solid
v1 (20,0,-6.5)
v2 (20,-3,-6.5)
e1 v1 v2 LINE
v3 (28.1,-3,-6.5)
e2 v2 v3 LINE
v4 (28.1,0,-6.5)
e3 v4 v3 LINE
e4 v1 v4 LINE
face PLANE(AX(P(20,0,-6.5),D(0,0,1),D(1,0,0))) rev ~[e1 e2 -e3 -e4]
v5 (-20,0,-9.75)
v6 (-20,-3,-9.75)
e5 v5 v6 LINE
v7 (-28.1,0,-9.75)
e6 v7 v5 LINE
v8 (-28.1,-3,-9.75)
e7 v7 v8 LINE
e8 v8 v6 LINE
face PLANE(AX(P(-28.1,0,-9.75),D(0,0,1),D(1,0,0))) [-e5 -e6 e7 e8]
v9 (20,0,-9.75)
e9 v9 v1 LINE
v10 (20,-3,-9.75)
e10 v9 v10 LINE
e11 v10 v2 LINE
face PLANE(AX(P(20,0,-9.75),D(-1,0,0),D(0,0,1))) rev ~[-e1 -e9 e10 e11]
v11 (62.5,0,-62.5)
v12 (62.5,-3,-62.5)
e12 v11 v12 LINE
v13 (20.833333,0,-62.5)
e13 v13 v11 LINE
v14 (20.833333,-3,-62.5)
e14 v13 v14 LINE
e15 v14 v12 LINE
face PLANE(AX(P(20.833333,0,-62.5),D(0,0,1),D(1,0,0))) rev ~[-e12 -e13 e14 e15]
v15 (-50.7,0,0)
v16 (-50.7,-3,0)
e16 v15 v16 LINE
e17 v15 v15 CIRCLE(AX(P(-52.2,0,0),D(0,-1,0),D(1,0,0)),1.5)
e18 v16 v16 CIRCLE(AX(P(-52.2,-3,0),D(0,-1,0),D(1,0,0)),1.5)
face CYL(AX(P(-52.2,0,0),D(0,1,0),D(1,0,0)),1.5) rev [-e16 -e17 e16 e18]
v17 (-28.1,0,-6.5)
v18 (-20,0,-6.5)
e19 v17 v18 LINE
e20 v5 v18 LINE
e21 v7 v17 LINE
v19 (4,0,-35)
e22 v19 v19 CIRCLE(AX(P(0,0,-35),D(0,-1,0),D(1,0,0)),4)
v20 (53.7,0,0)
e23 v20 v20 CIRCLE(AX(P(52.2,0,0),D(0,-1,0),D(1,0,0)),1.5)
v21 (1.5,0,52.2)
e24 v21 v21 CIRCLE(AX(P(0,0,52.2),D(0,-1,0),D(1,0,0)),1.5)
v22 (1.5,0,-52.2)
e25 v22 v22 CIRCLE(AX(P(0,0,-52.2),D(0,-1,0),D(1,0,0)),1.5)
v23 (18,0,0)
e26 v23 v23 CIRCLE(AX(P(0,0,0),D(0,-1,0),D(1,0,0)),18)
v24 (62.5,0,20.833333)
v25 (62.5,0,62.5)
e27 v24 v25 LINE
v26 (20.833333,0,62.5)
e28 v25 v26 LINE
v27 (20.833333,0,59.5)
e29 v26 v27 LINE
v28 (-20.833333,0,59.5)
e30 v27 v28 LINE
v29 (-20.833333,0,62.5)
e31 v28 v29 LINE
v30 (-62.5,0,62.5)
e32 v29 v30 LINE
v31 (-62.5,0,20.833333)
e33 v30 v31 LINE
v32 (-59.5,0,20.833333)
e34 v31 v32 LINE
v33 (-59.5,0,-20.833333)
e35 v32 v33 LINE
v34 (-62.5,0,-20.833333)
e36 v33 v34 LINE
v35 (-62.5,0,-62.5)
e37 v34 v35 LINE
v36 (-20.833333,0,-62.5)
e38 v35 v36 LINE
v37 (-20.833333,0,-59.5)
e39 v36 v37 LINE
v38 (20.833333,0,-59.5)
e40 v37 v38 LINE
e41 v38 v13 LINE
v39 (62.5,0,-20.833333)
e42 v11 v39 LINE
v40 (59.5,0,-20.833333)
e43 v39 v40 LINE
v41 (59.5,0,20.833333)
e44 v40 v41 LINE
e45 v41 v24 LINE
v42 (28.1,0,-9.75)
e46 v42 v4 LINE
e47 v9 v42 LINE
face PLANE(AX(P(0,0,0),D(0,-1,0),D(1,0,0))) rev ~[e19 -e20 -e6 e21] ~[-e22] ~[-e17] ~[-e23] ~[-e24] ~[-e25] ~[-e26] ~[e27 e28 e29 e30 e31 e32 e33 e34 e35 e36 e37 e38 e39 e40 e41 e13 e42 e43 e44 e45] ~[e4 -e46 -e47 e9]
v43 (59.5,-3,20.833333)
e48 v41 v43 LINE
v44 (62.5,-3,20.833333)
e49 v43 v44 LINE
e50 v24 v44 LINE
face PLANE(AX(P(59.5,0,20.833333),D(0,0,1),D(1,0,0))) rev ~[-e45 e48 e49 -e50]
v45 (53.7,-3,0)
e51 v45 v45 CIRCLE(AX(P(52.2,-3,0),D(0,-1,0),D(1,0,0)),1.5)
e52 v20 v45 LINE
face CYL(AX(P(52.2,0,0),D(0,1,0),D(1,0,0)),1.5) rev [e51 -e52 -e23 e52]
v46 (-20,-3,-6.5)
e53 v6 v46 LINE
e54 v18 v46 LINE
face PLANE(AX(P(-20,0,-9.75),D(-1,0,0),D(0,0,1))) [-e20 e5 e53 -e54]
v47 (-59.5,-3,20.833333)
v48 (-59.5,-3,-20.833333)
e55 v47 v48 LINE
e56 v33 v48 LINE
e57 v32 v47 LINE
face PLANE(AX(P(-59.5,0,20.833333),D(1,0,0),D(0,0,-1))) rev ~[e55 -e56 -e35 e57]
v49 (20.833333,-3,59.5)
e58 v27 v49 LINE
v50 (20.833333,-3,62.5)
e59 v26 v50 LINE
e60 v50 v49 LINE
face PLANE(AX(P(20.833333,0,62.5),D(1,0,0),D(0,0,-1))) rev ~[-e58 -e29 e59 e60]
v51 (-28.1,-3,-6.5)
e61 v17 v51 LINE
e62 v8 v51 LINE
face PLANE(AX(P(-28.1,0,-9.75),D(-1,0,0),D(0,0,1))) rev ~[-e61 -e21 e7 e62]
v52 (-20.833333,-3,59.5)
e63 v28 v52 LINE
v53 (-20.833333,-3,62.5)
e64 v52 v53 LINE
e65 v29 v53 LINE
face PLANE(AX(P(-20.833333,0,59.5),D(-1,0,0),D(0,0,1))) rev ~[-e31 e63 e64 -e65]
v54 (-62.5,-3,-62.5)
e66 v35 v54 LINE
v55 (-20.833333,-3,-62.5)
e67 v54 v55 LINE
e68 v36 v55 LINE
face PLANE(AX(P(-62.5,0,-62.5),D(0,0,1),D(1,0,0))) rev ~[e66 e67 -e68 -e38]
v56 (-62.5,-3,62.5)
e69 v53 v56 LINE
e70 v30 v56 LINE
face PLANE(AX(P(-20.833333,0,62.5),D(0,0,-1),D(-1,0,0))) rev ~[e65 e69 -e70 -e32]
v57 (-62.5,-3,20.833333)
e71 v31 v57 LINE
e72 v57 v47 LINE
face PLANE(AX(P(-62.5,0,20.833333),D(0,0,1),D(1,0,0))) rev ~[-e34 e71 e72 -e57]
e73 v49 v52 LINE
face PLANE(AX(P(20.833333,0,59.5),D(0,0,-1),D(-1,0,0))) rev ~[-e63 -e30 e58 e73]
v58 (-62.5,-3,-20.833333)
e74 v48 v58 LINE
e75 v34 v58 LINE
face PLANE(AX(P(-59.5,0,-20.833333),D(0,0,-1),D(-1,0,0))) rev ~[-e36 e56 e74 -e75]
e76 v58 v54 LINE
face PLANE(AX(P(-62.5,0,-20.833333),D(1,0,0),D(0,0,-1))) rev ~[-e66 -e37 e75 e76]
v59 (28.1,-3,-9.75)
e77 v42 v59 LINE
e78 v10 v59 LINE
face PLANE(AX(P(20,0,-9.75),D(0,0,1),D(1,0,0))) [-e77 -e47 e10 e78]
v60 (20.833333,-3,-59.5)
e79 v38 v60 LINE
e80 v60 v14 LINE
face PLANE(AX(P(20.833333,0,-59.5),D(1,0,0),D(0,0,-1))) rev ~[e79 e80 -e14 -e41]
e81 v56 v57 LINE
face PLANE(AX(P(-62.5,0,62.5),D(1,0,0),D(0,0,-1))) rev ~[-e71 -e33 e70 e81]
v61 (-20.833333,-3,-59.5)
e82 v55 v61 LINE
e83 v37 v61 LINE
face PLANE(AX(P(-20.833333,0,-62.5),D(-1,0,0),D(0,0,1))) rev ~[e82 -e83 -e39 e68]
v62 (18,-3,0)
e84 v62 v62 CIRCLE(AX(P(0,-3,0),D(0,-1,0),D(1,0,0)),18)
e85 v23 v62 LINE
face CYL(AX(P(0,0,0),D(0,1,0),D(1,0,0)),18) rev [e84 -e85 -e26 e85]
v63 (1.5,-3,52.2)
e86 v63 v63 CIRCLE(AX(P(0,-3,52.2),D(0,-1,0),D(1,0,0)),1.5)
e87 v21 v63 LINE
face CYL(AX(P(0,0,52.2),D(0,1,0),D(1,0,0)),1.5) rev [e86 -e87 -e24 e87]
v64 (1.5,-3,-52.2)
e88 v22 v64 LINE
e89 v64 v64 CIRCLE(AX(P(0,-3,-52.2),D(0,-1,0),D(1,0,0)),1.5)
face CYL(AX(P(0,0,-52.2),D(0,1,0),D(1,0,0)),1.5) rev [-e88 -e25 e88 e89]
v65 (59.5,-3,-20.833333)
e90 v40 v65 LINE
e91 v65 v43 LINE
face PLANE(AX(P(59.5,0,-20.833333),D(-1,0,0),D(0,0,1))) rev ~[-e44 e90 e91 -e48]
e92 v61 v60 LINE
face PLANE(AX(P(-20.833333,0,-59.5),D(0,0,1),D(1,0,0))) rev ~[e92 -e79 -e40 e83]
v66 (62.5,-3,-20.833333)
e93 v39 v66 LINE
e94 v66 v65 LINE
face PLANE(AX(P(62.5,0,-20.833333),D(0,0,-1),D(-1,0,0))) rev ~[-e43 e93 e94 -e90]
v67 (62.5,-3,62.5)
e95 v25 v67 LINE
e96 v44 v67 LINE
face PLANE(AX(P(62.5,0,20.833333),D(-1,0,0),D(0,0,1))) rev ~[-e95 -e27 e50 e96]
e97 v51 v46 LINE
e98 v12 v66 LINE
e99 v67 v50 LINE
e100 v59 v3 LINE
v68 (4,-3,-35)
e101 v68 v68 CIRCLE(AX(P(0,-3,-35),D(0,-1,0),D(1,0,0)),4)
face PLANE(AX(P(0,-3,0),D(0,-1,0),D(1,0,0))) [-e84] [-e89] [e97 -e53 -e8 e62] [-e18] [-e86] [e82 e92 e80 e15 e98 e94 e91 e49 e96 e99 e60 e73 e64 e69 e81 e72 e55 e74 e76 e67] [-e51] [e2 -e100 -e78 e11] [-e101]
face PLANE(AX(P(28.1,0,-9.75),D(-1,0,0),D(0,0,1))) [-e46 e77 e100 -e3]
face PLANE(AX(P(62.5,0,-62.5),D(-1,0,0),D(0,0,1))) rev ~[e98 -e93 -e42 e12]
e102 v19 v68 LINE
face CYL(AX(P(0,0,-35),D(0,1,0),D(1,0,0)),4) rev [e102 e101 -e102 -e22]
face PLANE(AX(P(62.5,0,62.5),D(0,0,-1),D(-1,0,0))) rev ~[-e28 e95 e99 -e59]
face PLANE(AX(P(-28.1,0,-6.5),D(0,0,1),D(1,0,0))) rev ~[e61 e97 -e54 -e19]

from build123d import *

# Parameters (mm, degrees)
F0_W     = 8.1
F0_H     = 3.25
F0_R     = 1.5
F0_R_2   = 4
F0_R_3   = 18
F1_DEPTH = 3


with BuildPart() as f1:
    # F0 (on Front) → F1 (new body)
    with BuildSketch(Plane.XZ):
        Polygon((-62.5, -20.833333), (-62.5, -62.5), (-20.833333, -62.5), (-20.833333, -59.5), (20.833333, -59.5), (20.833333, -62.5), (62.5, -62.5), (62.5, -20.833333), (59.5, -20.833333), (59.5, 20.833333), (62.5, 20.833333), (62.5, 62.5), (20.833333, 62.5), (20.833333, 59.5), (-20.833333, 59.5), (-20.833333, 62.5), (-62.5, 62.5), (-62.5, 20.833333), (-59.5, 20.833333), (-59.5, -20.833333), align=None)
        with Locations((-24.05, -8.125)):
            Rectangle(F0_W, F0_H, mode=Mode.SUBTRACT)
        with Locations((0, -52.2)):
            Circle(F0_R, mode=Mode.SUBTRACT)
        with Locations((0, -35)):
            Circle(F0_R_2, mode=Mode.SUBTRACT)
        with Locations((24.05, -8.125)):
            Rectangle(F0_W, F0_H, mode=Mode.SUBTRACT)
        with Locations((-52.2, 0)):
            Circle(F0_R, mode=Mode.SUBTRACT)
        Circle(F0_R_3, mode=Mode.SUBTRACT)
        with Locations((52.2, 0)):
            Circle(F0_R, mode=Mode.SUBTRACT)
        with Locations((0, 52.2)):
            Circle(F0_R, mode=Mode.SUBTRACT)
    extrude(amount=F1_DEPTH)


with BuildPart() as f2_1:
    # F2: copy of F1
    add(f1.part.moved(Location((0, 60, 0))))


solid = f1.part
